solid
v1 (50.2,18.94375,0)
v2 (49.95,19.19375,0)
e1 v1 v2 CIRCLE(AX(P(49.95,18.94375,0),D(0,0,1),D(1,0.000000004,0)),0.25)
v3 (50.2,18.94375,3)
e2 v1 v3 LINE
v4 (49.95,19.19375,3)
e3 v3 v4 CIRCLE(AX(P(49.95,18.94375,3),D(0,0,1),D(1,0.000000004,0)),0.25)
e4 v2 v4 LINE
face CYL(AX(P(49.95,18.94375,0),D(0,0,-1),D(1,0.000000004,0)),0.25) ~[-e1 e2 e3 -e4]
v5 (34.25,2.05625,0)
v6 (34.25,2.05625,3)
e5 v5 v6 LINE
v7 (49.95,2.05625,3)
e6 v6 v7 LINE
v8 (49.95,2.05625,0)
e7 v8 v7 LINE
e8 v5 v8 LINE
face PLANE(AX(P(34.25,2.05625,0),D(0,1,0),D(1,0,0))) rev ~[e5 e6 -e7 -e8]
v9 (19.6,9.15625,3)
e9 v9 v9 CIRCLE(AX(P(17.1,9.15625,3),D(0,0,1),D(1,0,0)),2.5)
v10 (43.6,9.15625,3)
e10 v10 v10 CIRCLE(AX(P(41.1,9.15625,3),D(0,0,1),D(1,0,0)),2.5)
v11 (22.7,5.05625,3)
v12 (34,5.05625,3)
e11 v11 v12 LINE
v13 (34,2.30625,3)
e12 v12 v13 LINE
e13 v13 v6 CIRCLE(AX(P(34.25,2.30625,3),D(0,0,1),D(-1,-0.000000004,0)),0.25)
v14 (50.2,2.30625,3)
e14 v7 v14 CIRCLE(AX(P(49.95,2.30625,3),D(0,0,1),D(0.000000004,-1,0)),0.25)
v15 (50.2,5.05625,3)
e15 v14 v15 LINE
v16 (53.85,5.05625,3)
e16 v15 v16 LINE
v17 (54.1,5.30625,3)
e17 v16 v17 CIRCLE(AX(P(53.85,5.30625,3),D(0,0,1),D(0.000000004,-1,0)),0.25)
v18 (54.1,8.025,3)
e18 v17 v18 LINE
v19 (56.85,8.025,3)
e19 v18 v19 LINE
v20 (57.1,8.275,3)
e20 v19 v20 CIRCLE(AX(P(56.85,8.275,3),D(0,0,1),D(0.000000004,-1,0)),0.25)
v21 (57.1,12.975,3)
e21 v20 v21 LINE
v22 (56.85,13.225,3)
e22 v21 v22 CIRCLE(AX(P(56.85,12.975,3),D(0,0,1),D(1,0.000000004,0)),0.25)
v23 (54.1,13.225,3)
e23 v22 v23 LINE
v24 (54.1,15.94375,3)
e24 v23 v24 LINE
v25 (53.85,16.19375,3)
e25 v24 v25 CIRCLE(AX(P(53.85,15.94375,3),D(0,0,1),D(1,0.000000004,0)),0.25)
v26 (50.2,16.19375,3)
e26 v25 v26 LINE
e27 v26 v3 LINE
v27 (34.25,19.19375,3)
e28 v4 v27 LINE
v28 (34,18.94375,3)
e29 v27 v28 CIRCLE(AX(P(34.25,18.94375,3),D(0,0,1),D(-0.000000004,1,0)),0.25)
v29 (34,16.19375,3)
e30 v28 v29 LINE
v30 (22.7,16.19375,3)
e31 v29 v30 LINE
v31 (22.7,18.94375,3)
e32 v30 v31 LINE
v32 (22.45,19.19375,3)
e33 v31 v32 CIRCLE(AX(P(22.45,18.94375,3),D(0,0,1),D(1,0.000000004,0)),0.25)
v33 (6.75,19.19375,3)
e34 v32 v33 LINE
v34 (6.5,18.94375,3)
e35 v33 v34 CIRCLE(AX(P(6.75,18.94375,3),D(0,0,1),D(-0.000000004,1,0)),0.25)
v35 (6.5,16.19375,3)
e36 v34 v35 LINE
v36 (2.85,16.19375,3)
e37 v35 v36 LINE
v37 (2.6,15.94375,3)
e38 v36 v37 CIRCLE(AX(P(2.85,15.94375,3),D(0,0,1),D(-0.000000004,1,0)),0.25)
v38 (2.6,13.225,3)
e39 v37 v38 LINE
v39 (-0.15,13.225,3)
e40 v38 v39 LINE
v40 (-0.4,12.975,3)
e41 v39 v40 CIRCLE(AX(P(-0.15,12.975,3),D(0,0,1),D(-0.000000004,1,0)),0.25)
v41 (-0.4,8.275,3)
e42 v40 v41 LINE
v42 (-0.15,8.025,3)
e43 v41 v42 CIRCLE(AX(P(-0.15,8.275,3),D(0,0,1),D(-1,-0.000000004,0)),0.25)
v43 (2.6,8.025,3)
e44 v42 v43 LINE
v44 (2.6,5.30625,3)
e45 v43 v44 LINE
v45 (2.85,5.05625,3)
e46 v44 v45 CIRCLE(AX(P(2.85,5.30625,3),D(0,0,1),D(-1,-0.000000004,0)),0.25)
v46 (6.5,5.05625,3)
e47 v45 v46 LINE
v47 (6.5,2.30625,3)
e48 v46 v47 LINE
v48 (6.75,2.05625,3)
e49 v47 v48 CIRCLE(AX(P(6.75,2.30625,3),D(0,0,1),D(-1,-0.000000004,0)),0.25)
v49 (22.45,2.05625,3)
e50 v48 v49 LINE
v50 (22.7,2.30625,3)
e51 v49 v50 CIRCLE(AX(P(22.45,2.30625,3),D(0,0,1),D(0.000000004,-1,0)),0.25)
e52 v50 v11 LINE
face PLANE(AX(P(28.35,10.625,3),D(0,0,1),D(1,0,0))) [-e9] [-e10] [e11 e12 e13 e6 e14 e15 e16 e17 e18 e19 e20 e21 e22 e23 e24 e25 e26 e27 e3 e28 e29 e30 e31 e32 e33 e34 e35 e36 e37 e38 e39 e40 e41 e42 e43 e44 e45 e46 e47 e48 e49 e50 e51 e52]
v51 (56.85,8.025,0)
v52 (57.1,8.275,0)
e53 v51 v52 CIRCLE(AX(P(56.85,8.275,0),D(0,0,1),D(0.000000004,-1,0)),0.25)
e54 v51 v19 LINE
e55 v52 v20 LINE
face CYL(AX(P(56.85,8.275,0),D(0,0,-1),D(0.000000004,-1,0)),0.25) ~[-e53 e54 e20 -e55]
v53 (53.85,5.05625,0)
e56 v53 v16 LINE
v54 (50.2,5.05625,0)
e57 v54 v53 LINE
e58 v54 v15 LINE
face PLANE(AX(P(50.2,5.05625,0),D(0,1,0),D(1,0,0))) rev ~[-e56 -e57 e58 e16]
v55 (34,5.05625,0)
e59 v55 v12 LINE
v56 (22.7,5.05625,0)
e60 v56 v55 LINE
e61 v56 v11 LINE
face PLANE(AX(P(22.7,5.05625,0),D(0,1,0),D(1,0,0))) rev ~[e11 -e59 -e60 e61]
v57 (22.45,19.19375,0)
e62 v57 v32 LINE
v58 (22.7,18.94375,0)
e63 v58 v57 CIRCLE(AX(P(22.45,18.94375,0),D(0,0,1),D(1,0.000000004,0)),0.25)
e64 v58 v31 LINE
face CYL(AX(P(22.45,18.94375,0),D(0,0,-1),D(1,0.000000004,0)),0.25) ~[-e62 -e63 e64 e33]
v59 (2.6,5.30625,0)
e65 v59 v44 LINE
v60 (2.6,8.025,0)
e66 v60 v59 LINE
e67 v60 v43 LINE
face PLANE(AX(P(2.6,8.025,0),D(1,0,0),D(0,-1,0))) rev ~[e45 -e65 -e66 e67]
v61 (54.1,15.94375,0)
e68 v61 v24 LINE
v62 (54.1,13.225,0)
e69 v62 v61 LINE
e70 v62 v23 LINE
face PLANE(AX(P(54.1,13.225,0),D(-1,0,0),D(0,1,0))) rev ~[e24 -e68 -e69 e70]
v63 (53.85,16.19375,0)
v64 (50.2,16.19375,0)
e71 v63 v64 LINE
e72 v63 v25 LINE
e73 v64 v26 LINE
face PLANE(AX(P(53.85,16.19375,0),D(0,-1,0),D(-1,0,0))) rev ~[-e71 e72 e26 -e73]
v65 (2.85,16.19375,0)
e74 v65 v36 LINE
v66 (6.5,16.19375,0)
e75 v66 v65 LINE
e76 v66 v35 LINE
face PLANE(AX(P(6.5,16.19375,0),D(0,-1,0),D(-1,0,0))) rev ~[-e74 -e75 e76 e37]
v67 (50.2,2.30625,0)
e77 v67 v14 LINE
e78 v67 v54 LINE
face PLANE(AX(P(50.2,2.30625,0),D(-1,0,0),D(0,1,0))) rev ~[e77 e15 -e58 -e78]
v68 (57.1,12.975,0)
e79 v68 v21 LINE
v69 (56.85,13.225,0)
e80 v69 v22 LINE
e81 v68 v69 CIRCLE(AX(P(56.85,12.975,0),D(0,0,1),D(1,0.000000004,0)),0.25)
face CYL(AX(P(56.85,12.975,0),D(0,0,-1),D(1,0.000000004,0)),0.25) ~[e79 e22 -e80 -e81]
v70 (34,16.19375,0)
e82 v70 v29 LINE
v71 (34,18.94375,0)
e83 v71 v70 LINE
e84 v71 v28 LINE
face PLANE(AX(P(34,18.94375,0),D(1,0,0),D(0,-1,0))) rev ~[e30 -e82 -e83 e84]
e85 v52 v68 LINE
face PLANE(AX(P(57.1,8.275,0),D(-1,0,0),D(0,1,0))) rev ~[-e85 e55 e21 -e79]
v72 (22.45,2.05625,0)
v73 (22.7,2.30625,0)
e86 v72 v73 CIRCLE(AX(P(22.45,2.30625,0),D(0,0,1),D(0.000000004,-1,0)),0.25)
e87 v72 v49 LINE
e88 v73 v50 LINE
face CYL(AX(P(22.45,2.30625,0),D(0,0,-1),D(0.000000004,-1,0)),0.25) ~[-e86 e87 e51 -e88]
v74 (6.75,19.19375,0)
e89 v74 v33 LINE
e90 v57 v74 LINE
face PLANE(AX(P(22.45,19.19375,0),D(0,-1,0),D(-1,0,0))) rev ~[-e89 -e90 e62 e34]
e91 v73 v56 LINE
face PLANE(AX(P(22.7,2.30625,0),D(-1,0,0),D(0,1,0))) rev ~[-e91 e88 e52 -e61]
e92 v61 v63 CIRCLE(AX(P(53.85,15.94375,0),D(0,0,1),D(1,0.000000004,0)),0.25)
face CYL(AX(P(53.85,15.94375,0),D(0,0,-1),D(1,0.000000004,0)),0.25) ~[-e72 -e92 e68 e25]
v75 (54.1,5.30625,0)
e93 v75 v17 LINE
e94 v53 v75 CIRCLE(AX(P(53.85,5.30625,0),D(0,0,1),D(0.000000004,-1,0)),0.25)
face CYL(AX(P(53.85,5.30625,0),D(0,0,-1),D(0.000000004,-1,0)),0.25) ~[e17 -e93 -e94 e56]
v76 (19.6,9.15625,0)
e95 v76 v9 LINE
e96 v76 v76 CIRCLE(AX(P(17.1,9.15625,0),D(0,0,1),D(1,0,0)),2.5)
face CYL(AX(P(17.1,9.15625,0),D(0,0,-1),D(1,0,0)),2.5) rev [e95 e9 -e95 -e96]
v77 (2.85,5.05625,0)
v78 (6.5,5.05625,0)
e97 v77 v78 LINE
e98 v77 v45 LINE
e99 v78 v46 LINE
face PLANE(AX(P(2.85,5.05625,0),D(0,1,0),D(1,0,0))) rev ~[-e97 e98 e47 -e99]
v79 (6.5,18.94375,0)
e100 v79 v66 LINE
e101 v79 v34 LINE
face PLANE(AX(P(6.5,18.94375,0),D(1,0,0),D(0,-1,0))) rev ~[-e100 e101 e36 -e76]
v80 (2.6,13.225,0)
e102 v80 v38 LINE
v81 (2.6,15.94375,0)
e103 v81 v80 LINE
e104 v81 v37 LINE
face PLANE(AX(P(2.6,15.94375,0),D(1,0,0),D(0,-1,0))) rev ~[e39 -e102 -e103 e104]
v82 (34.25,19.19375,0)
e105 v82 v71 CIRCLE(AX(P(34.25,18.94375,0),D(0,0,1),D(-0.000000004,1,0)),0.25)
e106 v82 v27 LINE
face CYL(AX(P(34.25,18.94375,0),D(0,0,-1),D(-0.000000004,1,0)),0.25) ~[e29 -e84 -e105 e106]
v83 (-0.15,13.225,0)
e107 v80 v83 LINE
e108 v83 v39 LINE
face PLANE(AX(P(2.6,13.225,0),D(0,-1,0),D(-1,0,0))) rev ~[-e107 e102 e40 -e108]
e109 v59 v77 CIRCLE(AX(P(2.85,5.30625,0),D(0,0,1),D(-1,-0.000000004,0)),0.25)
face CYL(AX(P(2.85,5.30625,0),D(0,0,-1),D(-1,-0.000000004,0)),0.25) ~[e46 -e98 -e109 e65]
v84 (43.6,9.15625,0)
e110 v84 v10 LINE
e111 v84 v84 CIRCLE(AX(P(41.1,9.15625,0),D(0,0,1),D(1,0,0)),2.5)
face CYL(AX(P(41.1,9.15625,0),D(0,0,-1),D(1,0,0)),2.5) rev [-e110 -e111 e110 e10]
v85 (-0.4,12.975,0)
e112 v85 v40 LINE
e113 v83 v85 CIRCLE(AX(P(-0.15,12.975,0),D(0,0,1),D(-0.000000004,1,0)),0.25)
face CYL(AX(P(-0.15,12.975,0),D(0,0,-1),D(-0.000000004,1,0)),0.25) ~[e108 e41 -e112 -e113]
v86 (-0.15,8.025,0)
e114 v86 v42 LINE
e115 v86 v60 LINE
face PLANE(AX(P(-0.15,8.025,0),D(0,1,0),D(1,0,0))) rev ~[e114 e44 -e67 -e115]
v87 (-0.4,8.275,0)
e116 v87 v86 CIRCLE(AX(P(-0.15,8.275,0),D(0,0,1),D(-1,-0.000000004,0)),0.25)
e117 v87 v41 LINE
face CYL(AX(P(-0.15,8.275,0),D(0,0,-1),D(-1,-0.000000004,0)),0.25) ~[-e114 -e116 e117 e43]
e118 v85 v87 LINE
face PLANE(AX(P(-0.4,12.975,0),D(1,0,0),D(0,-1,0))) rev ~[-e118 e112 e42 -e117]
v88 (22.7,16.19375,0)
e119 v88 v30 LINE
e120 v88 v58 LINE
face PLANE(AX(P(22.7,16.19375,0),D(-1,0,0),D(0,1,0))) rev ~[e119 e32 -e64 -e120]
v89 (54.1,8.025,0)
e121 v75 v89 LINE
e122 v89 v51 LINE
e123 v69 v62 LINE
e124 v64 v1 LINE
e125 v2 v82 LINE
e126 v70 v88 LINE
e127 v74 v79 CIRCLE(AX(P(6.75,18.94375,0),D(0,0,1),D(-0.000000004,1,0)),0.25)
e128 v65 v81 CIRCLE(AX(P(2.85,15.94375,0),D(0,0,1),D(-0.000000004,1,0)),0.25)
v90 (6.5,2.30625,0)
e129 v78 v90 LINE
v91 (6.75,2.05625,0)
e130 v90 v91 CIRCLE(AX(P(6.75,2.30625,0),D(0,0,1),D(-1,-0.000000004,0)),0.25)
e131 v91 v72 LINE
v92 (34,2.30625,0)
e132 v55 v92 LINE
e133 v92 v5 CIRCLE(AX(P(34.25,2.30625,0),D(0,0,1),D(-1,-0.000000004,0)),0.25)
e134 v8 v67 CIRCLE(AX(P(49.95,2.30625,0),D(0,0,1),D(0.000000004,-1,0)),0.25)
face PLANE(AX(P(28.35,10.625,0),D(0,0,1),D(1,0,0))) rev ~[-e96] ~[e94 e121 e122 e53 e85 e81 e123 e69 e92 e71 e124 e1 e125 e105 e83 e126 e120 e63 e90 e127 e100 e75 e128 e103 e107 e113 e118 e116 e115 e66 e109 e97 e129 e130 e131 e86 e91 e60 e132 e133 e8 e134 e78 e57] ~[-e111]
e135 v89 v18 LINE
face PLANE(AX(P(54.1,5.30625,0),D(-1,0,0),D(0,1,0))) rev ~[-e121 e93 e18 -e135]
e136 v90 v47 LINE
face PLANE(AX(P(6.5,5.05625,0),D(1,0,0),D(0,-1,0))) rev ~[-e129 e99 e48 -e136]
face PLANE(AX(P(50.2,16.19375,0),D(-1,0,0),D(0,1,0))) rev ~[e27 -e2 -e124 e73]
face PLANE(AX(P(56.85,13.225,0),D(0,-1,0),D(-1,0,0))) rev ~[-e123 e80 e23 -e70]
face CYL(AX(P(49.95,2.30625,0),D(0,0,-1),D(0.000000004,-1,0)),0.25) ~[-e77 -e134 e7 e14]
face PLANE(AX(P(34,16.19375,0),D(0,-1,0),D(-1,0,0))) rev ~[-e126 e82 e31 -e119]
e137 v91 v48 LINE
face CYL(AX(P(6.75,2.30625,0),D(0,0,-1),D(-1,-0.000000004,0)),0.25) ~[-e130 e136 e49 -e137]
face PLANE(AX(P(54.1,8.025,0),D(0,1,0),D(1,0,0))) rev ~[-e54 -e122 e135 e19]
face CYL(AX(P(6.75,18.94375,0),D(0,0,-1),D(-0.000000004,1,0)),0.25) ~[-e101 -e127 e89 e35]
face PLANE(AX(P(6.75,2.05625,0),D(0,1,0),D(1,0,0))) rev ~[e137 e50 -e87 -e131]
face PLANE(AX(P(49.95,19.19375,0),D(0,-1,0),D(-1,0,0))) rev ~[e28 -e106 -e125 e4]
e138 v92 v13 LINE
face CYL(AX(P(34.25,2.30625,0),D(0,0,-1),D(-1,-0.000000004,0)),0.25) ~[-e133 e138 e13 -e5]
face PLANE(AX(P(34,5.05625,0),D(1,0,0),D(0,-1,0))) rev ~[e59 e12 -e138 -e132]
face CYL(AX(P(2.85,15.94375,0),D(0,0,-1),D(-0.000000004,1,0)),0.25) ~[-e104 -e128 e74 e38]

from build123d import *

# Parameters (mm, degrees)
SKETCH2_R           = 2.5
BOSS_EXTRUDE1_DEPTH = 3


with BuildPart() as part:
    # Sketch2 → Boss-Extrude1 (new body)
    with BuildSketch(Plane.XY):
        with BuildLine():
            Line((34.25, 2.05625), (49.95, 2.05625))
            ThreePointArc((49.95, 2.05625), (50.126776695, 2.129473305), (50.2, 2.30625))
            Line((50.2, 2.30625), (50.2, 5.05625))
            Line((50.2, 5.05625), (53.85, 5.05625))
            ThreePointArc((53.85, 5.05625), (54.026776695, 5.129473305), (54.1, 5.30625))
            Line((54.1, 5.30625), (54.1, 8.025))
            Line((54.1, 8.025), (56.85, 8.025))
            ThreePointArc((56.85, 8.025), (57.026776695, 8.098223305), (57.1, 8.275))
            Line((57.1, 8.275), (57.1, 12.975))
            ThreePointArc((57.1, 12.975), (57.026776695, 13.151776695), (56.85, 13.225))
            Line((56.85, 13.225), (54.1, 13.225))
            Line((54.1, 13.225), (54.1, 15.94375))
            ThreePointArc((54.1, 15.94375), (54.026776695, 16.120526695), (53.85, 16.19375))
            Line((53.85, 16.19375), (50.2, 16.19375))
            Line((50.2, 16.19375), (50.2, 18.94375))
            ThreePointArc((50.2, 18.94375), (50.126776695, 19.120526695), (49.95, 19.19375))
            Line((49.95, 19.19375), (34.25, 19.19375))
            ThreePointArc((34.25, 19.19375), (34.073223305, 19.120526695), (34, 18.94375))
            Line((34, 18.94375), (34, 16.19375))
            Line((34, 16.19375), (22.7, 16.19375))
            Line((22.7, 16.19375), (22.7, 18.94375))
            ThreePointArc((22.7, 18.94375), (22.626776695, 19.120526695), (22.45, 19.19375))
            Line((22.45, 19.19375), (6.75, 19.19375))
            ThreePointArc((6.75, 19.19375), (6.573223305, 19.120526695), (6.5, 18.94375))
            Line((6.5, 18.94375), (6.5, 16.19375))
            Line((6.5, 16.19375), (2.85, 16.19375))
            ThreePointArc((2.85, 16.19375), (2.673223305, 16.120526695), (2.6, 15.94375))
            Line((2.6, 15.94375), (2.6, 13.225))
            Line((2.6, 13.225), (-0.15, 13.225))
            ThreePointArc((-0.15, 13.225), (-0.326776695, 13.151776695), (-0.4, 12.975))
            Line((-0.4, 12.975), (-0.4, 8.275))
            ThreePointArc((-0.4, 8.275), (-0.326776695, 8.098223305), (-0.15, 8.025))
            Line((-0.15, 8.025), (2.6, 8.025))
            Line((2.6, 8.025), (2.6, 5.30625))
            ThreePointArc((2.6, 5.30625), (2.673223305, 5.129473305), (2.85, 5.05625))
            Line((2.85, 5.05625), (6.5, 5.05625))
            Line((6.5, 5.05625), (6.5, 2.30625))
            ThreePointArc((6.5, 2.30625), (6.573223305, 2.129473305), (6.75, 2.05625))
            Line((6.75, 2.05625), (22.45, 2.05625))
            ThreePointArc((22.45, 2.05625), (22.626776695, 2.129473305), (22.7, 2.30625))
            Line((22.7, 2.30625), (22.7, 5.05625))
            Line((22.7, 5.05625), (34, 5.05625))
            Line((34, 5.05625), (34, 2.30625))
            ThreePointArc((34, 2.30625), (34.073223305, 2.129473305), (34.25, 2.05625))
        make_face()
        with Locations((17.1, 9.15625)):
            Circle(SKETCH2_R, mode=Mode.SUBTRACT)
        with Locations((41.1, 9.15625)):
            Circle(SKETCH2_R, mode=Mode.SUBTRACT)
    extrude(amount=BOSS_EXTRUDE1_DEPTH)


solid = part.part
